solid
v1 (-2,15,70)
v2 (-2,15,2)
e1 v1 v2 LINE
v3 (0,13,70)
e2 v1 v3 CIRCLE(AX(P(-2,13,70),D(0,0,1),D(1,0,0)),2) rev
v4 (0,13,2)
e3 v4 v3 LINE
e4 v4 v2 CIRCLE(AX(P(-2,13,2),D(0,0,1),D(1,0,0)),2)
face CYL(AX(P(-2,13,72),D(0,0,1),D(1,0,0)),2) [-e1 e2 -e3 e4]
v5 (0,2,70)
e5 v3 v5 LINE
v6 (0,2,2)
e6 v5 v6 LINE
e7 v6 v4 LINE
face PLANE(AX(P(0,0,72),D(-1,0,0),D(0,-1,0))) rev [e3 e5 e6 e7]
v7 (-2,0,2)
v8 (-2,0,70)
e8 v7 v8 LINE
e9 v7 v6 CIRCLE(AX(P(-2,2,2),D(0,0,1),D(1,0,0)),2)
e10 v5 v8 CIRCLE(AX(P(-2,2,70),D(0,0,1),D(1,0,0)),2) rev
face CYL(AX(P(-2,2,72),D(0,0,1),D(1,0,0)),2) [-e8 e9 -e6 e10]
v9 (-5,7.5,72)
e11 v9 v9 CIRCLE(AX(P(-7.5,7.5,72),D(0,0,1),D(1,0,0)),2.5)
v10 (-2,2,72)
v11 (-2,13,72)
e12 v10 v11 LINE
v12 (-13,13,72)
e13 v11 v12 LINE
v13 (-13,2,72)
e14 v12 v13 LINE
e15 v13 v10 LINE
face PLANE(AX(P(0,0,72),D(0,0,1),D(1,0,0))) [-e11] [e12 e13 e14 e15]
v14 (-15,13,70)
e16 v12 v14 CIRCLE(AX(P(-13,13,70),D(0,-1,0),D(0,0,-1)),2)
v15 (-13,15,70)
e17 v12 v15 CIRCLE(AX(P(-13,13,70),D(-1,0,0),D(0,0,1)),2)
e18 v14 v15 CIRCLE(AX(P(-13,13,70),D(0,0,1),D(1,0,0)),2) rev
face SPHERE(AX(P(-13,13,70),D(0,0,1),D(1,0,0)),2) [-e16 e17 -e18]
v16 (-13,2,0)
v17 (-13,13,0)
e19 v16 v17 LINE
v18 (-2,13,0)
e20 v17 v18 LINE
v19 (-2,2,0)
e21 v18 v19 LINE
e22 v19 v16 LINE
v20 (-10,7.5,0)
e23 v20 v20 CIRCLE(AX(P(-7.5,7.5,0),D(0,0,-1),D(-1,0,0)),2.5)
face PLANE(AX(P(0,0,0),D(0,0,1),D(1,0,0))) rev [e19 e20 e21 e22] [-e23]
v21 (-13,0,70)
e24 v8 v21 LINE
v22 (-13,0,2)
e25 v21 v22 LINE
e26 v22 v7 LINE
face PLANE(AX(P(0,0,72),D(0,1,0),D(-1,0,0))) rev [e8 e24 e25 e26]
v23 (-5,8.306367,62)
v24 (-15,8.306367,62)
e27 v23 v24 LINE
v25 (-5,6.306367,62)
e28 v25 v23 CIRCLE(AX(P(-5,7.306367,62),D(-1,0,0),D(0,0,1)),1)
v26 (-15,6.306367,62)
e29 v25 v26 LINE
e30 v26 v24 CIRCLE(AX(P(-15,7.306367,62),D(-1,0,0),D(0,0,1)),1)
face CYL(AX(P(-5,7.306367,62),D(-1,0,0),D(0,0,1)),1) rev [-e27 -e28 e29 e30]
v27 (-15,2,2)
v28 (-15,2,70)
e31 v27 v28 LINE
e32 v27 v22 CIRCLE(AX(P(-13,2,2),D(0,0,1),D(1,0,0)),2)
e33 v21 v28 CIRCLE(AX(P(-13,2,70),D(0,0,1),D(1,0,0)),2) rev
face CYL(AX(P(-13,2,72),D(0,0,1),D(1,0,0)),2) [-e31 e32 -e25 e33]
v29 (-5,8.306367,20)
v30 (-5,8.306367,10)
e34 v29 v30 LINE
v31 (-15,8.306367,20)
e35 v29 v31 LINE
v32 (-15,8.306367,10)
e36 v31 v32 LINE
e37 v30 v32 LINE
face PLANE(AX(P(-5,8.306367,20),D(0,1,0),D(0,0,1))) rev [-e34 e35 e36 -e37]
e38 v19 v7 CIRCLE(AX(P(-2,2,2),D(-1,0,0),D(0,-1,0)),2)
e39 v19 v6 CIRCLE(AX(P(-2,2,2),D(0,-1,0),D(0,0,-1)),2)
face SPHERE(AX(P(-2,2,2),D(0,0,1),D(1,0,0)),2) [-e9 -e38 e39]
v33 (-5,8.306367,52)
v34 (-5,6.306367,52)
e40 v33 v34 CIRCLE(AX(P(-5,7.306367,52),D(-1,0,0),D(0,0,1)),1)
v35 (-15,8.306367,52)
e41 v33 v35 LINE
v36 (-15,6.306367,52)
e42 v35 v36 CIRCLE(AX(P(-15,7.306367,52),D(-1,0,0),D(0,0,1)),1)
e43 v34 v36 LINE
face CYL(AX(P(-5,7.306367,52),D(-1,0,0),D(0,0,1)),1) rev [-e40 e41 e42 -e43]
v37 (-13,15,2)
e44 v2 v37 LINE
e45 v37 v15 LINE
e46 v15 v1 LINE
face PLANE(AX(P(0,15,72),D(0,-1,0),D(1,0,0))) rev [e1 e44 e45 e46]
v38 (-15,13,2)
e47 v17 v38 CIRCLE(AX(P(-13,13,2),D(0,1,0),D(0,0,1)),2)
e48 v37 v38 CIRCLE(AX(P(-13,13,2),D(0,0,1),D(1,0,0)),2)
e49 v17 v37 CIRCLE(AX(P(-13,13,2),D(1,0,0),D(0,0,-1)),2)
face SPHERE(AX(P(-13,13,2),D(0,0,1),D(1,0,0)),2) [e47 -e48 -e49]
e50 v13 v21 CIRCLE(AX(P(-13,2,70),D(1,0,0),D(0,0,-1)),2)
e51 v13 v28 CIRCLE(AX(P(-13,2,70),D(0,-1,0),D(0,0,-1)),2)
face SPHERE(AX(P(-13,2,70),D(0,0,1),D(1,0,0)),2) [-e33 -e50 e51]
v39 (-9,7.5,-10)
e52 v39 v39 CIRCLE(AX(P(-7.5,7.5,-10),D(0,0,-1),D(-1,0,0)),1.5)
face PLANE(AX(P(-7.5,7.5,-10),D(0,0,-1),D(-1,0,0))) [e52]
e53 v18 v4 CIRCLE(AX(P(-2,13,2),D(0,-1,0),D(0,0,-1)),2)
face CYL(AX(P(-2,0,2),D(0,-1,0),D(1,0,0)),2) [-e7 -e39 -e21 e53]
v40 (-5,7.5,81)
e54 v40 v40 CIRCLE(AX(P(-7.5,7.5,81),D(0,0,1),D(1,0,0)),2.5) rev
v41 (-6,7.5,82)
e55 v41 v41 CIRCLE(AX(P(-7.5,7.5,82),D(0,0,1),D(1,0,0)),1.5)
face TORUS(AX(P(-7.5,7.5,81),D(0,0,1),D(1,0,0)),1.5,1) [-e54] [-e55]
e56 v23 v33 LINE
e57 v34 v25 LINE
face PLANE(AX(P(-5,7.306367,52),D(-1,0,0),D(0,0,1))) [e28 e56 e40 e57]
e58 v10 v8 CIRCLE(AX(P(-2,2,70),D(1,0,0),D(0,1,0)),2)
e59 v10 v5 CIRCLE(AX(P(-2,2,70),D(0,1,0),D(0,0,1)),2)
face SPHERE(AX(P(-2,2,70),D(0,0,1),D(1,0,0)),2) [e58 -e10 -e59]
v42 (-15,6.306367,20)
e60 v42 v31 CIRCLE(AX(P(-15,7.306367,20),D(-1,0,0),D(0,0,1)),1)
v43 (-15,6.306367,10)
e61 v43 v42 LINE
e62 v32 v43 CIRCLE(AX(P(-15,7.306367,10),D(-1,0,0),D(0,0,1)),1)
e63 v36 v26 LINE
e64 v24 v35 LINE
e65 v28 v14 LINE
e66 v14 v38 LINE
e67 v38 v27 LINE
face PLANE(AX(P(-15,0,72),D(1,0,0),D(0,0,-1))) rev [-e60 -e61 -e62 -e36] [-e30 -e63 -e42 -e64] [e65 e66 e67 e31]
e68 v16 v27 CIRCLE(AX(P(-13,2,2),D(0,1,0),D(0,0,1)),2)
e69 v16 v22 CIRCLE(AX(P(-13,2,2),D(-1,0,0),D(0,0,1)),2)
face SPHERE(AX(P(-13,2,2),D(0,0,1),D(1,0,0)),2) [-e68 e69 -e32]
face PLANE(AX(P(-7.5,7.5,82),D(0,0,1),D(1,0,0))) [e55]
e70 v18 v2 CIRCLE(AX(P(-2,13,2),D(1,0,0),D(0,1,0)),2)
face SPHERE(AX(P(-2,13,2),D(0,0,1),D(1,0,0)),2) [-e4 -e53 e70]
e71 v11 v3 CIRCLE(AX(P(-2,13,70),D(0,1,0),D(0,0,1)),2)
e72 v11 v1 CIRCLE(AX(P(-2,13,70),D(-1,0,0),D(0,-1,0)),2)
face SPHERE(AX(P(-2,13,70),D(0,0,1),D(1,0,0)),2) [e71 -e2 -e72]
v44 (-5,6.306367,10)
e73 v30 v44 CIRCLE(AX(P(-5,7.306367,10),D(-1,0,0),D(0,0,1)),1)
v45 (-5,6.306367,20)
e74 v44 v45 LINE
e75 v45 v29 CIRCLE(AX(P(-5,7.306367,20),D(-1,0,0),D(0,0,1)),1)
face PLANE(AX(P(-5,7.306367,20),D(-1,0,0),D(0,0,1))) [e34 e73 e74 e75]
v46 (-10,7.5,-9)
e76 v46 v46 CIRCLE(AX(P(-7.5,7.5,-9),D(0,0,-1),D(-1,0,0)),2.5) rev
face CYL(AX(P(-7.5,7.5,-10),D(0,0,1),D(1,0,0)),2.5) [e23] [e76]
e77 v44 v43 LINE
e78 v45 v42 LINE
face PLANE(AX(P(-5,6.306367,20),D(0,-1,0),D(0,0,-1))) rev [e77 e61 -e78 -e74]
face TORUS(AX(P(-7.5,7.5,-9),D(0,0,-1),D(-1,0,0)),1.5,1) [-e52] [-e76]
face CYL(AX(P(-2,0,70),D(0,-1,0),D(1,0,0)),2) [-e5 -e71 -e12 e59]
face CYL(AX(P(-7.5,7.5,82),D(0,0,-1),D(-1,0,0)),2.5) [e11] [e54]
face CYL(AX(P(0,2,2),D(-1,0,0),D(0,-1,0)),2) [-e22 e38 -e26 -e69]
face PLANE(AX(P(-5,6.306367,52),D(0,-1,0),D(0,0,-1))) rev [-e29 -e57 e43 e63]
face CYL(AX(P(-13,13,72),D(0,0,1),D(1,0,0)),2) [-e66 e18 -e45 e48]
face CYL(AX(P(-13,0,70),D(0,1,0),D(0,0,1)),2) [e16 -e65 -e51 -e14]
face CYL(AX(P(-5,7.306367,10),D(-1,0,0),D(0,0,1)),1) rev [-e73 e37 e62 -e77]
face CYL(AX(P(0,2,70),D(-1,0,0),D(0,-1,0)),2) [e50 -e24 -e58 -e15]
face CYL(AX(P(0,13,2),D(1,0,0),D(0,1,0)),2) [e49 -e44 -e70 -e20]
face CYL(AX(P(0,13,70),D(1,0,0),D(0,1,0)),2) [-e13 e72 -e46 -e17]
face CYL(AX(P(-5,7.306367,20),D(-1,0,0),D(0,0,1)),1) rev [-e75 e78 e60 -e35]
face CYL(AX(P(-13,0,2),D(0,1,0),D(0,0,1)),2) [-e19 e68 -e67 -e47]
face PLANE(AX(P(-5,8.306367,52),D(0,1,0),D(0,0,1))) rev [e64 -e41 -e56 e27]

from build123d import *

# Parameters (mm, degrees)
SKETCH1_W           = 15
SKETCH1_H           = 15
BOSS_EXTRUDE1_DEPTH = 72
SKETCH2_R           = 2.5
BOSS_EXTRUDE2_DEPTH = 10
BOSS_EXTRUDE3_START = 10
SKETCH3_R           = 2.5
BOSS_EXTRUDE3_DEPTH = 10
CUT_EXTRUDE1_DEPTH  = 10
FILLET1_R           = 2
FILLET2_R           = 2
FILLET3_R           = 2
FILLET4_R           = 2
FILLET5_R           = 2
FILLET6_R           = 2
FILLET7_R           = 1
FILLET8_R           = 1


with BuildPart() as part:
    # Sketch1 → Boss-Extrude1 (new body)
    with BuildSketch(Plane.XY):
        with Locations((-7.5, 7.5)):
            Rectangle(SKETCH1_W, SKETCH1_H)
    extrude(amount=BOSS_EXTRUDE1_DEPTH)

    # Sketch2 → Boss-Extrude2 (add)
    with BuildSketch(Plane(origin=(0, 0, 0), x_dir=(-1, 0, 0), z_dir=(0, 0, -1))):
        with Locations((7.5, 7.5)):
            Circle(SKETCH2_R)
    extrude(amount=BOSS_EXTRUDE2_DEPTH)

    # Sketch3 → Boss-Extrude3 (add)
    with BuildSketch(Plane.XY.offset(72).offset(BOSS_EXTRUDE3_START)):
        with Locations(Location((-7.5, 7.5, 0), (0, 0, 180))):
            Circle(SKETCH3_R)
    extrude(amount=-BOSS_EXTRUDE3_DEPTH)

    # Sketch5 → Cut-Extrude1 (cut)
    with BuildSketch(Plane.ZY.offset(15)):
        with BuildLine():
            Line((20, 6.306366703), (10, 6.306366703))
            ThreePointArc((10, 6.306366703), (9, 7.306366703), (10, 8.306366703))
            Line((10, 8.306366703), (20, 8.306366703))
            ThreePointArc((20, 8.306366703), (21, 7.306366703), (20, 6.306366703))
        make_face()
        with BuildLine():
            Line((52, 8.306366703), (62, 8.306366703))
            ThreePointArc((62, 8.306366703), (63, 7.306366703), (62, 6.306366703))
            Line((62, 6.306366703), (52, 6.306366703))
            ThreePointArc((52, 6.306366703), (51, 7.306366703), (52, 8.306366703))
        make_face()
    extrude(amount=-CUT_EXTRUDE1_DEPTH, mode=Mode.SUBTRACT)

    # Fillet1
    fillet1_edges = [part.edges().sort_by_distance(p)[0] for p in [
        (-15, 15, 36),
    ]]
    fillet(fillet1_edges, radius=FILLET1_R)

    # Fillet2
    fillet2_edges = [part.edges().sort_by_distance(p)[0] for p in [
        (0, 15, 36),
    ]]
    fillet(fillet2_edges, radius=FILLET2_R)

    # Fillet3
    fillet3_edges = [part.edges().sort_by_distance(p)[0] for p in [
        (0, 0, 36),
    ]]
    fillet(fillet3_edges, radius=FILLET3_R)

    # Fillet4
    fillet4_edges = [part.edges().sort_by_distance(p)[0] for p in [
        (-15, 0, 36),
    ]]
    fillet(fillet4_edges, radius=FILLET4_R)

    # Fillet5
    fillet5_edges = [part.edges().sort_by_distance(p)[0] for p in [
        (-15, 7.5, 0),
        (-14.414213562, 14.414213562, 0),
        (-7.5, 15, 0),
        (-0.585786438, 14.414213562, 0),
        (0, 7.5, 0),
        (-0.585786438, 0.585786438, 0),
        (-7.5, 0, 0),
        (-14.414213562, 0.585786438, 0),
    ]]
    fillet(fillet5_edges, radius=FILLET5_R)

    # Fillet6
    fillet6_edges = [part.edges().sort_by_distance(p)[0] for p in [
        (-15, 7.5, 72),
        (-14.414213562, 14.414213562, 72),
        (-7.5, 15, 72),
        (-0.585786438, 14.414213562, 72),
        (0, 7.5, 72),
        (-0.585786438, 0.585786438, 72),
        (-7.5, 0, 72),
        (-14.414213562, 0.585786438, 72),
    ]]
    fillet(fillet6_edges, radius=FILLET6_R)

    # Fillet7
    fillet7_edges = [part.edges().sort_by_distance(p)[0] for p in [
        (-5, 7.5, 82),
    ]]
    fillet(fillet7_edges, radius=FILLET7_R)

    # Fillet8
    fillet8_edges = [part.edges().sort_by_distance(p)[0] for p in [
        (-5, 7.5, -10),
    ]]
    fillet(fillet8_edges, radius=FILLET8_R)


solid = part.part
